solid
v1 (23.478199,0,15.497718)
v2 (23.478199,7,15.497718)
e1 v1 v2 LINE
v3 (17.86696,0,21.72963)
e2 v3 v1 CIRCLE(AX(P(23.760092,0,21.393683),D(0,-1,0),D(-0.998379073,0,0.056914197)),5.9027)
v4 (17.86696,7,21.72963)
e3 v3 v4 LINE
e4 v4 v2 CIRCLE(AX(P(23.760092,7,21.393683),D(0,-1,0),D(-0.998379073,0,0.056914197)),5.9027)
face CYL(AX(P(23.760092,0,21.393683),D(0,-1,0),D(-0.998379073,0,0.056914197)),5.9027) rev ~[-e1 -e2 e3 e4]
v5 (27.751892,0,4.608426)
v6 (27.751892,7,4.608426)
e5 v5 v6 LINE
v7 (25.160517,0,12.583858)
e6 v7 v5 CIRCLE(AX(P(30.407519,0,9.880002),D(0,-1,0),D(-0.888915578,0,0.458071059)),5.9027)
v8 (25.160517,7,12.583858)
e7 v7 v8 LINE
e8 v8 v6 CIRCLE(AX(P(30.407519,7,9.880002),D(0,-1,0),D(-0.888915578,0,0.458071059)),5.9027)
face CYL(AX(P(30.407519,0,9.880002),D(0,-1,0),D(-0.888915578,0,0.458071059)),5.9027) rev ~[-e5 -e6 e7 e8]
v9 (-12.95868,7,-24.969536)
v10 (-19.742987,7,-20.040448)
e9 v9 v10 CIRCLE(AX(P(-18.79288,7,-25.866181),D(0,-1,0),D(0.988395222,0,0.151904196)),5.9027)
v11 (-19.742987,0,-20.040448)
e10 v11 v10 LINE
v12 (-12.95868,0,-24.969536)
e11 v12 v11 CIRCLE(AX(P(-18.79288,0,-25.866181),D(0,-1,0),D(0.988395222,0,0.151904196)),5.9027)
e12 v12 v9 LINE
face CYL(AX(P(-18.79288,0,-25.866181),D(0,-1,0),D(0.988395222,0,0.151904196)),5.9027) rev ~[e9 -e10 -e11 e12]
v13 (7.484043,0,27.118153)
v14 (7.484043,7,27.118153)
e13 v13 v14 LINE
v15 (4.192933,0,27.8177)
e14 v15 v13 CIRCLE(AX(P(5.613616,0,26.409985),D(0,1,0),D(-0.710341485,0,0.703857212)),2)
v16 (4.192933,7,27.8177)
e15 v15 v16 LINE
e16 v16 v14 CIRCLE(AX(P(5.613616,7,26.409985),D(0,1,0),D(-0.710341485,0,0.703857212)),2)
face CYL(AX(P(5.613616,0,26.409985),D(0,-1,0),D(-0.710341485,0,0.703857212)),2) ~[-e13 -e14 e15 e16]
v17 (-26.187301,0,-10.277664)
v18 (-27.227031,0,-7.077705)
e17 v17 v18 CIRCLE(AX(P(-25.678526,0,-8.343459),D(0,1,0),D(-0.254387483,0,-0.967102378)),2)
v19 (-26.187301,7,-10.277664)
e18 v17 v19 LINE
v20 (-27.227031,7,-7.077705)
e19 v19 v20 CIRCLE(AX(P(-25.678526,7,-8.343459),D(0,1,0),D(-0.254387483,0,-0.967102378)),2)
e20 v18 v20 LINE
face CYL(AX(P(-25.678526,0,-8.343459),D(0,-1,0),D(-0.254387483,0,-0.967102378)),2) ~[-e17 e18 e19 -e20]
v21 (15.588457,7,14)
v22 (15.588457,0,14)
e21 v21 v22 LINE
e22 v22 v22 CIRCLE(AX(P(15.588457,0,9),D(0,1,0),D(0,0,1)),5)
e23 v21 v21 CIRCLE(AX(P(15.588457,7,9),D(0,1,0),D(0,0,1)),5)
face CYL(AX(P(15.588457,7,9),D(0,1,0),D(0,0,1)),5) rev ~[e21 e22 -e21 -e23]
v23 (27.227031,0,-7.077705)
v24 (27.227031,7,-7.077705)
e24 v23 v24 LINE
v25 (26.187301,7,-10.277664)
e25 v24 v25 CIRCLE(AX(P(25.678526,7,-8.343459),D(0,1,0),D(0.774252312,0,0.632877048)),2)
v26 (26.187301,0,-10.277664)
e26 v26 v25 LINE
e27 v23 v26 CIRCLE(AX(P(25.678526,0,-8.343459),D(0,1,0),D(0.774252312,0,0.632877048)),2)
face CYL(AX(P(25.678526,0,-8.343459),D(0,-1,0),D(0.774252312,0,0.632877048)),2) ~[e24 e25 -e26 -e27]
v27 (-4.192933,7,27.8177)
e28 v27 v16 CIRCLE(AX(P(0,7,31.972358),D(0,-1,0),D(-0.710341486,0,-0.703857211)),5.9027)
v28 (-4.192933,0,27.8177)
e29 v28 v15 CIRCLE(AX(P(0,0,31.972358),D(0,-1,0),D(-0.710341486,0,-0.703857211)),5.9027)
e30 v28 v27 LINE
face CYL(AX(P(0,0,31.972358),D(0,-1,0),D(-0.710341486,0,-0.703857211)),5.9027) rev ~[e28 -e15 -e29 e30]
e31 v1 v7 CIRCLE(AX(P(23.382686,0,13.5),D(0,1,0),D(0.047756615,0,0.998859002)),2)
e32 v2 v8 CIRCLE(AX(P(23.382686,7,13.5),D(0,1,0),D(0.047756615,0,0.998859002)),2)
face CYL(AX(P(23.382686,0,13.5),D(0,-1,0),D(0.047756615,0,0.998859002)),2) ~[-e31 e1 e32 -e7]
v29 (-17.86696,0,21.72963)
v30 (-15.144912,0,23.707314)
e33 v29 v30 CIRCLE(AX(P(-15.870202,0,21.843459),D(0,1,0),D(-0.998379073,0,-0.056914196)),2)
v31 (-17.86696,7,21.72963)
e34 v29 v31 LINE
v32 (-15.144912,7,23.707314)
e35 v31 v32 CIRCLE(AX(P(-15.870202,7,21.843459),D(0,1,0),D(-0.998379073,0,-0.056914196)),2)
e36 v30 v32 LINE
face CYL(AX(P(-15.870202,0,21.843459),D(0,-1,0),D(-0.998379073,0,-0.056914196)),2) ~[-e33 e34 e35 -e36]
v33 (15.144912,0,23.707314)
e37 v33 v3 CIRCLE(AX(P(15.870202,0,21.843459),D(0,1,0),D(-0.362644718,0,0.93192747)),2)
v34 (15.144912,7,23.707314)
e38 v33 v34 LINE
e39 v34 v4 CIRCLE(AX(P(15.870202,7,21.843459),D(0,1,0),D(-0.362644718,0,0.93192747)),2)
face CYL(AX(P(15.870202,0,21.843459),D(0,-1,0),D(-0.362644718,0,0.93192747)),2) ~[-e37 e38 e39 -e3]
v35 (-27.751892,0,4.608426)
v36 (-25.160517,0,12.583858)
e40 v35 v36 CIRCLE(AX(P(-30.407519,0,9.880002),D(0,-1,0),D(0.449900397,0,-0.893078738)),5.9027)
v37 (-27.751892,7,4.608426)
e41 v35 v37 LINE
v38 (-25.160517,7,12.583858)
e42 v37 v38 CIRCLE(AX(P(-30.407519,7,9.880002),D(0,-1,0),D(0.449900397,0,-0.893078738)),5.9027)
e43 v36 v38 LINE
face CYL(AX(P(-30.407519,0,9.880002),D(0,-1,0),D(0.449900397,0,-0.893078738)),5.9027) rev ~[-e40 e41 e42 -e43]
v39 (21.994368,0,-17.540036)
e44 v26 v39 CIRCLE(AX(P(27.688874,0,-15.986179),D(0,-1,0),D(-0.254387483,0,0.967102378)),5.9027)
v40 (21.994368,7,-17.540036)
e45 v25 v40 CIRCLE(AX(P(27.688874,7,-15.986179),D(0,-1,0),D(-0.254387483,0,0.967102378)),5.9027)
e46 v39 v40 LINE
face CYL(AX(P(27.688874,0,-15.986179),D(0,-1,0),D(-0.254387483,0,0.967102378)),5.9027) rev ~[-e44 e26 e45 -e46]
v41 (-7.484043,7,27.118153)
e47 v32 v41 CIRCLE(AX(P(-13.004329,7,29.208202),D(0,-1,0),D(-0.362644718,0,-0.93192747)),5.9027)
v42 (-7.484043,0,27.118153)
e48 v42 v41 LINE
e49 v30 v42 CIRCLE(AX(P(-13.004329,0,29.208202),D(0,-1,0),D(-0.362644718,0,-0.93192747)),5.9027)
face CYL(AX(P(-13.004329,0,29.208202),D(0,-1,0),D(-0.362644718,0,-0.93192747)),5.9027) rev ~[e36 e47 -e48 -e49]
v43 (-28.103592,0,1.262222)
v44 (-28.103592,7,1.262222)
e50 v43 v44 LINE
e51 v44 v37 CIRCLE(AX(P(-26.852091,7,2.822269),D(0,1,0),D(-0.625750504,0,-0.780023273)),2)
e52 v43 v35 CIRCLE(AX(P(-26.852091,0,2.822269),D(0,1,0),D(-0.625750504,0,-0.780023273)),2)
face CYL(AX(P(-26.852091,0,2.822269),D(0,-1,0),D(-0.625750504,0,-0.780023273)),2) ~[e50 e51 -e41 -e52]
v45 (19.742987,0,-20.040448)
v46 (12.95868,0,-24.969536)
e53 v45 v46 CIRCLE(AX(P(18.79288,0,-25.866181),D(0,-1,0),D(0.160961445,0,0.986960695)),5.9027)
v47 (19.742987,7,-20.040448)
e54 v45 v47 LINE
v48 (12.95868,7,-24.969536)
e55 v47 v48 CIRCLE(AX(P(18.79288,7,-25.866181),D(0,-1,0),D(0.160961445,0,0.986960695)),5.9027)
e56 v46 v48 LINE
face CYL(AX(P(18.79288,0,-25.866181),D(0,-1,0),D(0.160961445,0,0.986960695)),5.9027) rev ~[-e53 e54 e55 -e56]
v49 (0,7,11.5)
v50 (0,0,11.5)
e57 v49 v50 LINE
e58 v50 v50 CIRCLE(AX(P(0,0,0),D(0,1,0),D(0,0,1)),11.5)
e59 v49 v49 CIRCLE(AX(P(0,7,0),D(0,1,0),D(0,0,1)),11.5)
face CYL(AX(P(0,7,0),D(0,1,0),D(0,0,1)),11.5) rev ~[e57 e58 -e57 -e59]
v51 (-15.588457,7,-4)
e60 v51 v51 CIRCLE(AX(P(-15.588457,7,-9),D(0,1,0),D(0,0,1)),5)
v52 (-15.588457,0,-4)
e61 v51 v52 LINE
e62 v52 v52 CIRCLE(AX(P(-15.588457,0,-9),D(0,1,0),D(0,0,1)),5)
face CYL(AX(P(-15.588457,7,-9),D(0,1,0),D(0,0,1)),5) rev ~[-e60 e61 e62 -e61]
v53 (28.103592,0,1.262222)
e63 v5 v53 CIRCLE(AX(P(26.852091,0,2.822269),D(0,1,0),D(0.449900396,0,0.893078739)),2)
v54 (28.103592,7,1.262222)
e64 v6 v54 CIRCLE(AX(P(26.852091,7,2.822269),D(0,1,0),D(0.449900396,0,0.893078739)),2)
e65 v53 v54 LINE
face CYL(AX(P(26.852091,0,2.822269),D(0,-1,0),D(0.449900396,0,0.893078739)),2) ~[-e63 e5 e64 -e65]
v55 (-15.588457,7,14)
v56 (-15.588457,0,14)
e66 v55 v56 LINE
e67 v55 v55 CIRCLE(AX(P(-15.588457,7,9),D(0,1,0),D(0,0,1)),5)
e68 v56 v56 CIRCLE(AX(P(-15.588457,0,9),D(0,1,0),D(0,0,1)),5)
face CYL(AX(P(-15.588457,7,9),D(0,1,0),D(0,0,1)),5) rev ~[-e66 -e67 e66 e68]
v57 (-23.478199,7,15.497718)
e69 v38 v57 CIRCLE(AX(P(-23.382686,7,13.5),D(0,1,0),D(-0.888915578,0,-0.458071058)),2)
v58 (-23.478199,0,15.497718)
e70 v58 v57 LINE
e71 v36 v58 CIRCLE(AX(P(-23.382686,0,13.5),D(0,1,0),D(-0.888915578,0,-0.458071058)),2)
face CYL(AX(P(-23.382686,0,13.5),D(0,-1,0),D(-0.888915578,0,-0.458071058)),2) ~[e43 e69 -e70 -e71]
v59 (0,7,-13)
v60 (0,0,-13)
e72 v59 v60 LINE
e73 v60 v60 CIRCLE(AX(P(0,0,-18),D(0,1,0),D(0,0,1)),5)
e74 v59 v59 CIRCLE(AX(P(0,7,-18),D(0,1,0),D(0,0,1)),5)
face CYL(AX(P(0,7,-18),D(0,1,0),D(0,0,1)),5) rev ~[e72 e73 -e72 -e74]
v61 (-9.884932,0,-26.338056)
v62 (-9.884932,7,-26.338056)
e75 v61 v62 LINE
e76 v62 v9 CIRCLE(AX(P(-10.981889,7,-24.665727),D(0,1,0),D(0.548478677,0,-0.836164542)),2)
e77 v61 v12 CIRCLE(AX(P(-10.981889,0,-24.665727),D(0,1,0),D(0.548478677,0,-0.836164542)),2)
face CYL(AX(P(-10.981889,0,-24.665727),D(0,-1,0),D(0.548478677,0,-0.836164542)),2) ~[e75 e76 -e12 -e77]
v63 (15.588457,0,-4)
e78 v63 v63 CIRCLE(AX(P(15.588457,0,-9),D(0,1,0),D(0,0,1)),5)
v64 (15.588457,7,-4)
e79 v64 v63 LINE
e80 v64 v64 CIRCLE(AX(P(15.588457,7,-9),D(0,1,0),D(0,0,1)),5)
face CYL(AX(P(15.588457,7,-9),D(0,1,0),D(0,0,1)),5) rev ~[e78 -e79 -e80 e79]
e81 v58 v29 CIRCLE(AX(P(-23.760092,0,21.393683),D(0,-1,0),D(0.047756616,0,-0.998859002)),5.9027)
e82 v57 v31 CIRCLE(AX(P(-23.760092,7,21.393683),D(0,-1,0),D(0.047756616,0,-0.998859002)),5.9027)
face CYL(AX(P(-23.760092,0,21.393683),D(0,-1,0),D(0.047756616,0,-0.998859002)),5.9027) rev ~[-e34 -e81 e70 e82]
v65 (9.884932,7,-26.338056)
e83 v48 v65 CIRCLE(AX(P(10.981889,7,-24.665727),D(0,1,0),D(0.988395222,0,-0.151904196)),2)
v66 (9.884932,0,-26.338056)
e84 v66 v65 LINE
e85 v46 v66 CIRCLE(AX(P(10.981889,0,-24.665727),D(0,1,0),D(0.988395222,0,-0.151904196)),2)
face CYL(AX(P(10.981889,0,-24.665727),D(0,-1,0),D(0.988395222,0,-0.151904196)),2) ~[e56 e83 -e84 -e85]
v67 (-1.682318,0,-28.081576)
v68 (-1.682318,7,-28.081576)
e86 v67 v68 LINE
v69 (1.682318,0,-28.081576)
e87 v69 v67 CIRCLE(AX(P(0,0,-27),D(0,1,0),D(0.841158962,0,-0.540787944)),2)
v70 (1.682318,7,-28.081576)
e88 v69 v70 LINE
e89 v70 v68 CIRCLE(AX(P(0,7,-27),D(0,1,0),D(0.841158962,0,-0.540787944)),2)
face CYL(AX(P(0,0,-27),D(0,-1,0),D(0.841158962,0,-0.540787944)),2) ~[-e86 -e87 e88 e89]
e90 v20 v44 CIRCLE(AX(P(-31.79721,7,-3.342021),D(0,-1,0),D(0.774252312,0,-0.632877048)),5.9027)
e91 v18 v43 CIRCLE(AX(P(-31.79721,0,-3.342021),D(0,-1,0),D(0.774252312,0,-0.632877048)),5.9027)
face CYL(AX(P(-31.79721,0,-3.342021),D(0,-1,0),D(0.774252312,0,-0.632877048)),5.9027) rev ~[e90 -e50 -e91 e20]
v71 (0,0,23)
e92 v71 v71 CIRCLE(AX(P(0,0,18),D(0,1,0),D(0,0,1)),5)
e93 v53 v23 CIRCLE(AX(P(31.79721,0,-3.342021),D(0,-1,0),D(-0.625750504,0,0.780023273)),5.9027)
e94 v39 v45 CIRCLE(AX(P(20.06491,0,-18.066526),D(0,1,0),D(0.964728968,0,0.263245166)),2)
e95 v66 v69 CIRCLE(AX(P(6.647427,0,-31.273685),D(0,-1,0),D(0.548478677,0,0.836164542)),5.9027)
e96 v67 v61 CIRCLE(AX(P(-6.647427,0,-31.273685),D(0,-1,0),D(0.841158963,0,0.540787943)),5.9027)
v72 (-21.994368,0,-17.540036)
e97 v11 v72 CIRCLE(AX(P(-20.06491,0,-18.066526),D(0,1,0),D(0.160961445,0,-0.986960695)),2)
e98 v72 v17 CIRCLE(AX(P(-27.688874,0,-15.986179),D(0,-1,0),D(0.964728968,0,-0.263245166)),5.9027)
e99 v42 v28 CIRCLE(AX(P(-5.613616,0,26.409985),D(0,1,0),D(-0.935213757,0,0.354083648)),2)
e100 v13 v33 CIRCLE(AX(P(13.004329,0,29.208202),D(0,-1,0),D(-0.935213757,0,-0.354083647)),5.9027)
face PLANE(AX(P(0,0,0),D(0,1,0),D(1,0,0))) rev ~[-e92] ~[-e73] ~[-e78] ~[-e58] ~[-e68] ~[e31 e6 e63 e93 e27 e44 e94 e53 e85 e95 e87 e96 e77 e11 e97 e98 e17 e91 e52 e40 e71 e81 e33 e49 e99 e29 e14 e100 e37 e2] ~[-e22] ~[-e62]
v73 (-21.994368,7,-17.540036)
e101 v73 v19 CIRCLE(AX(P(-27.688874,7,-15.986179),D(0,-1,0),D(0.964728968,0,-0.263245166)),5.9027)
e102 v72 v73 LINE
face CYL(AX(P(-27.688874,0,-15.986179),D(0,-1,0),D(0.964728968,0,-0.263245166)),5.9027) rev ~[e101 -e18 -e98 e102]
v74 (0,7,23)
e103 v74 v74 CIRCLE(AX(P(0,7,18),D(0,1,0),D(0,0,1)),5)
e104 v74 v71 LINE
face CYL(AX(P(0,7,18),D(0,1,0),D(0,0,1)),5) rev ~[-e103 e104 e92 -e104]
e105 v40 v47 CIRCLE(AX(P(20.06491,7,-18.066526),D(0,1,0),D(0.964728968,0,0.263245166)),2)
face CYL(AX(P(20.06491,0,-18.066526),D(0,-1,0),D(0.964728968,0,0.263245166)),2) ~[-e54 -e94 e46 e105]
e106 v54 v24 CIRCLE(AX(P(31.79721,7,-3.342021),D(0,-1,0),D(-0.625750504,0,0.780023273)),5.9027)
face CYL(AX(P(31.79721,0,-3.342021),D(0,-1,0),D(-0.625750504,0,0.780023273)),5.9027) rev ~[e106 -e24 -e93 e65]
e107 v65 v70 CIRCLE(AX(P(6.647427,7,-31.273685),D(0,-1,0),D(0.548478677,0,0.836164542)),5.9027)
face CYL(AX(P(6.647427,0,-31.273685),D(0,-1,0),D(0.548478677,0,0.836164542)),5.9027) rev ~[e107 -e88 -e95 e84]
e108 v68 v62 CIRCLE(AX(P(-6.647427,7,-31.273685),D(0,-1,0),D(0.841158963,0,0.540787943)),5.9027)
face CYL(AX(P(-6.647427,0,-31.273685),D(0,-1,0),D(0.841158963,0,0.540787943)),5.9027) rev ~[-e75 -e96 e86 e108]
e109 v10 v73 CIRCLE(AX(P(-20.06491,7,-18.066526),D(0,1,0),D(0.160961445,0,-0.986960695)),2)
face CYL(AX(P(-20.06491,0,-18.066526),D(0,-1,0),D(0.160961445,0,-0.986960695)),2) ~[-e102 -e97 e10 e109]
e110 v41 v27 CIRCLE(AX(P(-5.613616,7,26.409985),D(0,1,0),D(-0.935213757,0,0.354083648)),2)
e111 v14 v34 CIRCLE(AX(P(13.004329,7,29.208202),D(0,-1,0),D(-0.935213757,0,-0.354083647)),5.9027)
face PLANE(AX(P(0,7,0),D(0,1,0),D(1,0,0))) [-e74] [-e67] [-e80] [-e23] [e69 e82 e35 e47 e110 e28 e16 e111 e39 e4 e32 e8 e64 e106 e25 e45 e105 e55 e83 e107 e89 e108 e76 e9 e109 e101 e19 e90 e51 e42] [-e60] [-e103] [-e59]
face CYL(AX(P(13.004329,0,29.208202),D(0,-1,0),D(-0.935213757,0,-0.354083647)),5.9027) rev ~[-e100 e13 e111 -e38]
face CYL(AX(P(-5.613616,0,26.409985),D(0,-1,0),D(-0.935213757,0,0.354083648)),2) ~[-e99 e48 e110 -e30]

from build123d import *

# Parameters (mm, degrees)
BOSS_EXTRUDE1_DEPTH = 7
SKETCH2_R           = 5
SKETCH2_R_2         = 11.5
CUT_EXTRUDE1_DEPTH  = 42.502327226


with BuildPart() as part:
    # Sketch1 → Boss-Extrude1 (new body)
    with BuildSketch(Plane(origin=(0, 0, 0), x_dir=(1, 0, 0), z_dir=(0, 1, 0))):
        with BuildLine():
            ThreePointArc((1.682317925, 28.081575887), (0, 29), (-1.682317925, 28.081575887))
            ThreePointArc((-1.682317925, 28.081575887), (-5.420186592, 25.49997304), (-9.884932009, 26.33805644))
            ThreePointArc((-9.884932009, 26.33805644), (-11.795362649, 26.492818272), (-12.958679807, 24.969535749))
            ThreePointArc((-12.958679807, 24.969535749), (-15.323360273, 21.090796041), (-19.742987398, 20.040447761))
            ThreePointArc((-19.742987398, 20.040447761), (-21.551199939, 19.404787584), (-21.994368225, 17.540036039))
            ThreePointArc((-21.994368225, 17.540036039), (-22.576985755, 13.034828803), (-26.187300906, 10.277663603))
            ThreePointArc((-26.187300906, 10.277663603), (-27.580638973, 8.961492837), (-27.227030564, 7.077704752))
            ThreePointArc((-27.227030564, 7.077704752), (-25.926845294, 2.725021248), (-28.103592183, -1.262221962))
            ThreePointArc((-28.103592183, -1.262221962), (-28.841134966, -3.031325435), (-27.751891968, -4.608425985))
            ThreePointArc((-27.751891968, -4.608425985), (-24.793717744, -8.055967238), (-25.160517059, -12.583857883))
            ThreePointArc((-25.160517059, -12.583857883), (-25.11473671, -14.5), (-23.478199133, -15.497718004))
            ThreePointArc((-23.478199133, -15.497718004), (-19.373531152, -17.444005802), (-17.866959959, -21.729630455))
            ThreePointArc((-17.866959959, -21.729630455), (-17.045772316, -23.461492837), (-15.144912376, -23.707313787))
            ThreePointArc((-15.144912376, -23.707313787), (-10.603485021, -23.815817289), (-7.484043166, -27.118152514))
            ThreePointArc((-7.484043166, -27.118152514), (-6.029439034, -28.366280421), (-4.192932681, -27.817699643))
            ThreePointArc((-4.192932681, -27.817699643), (0, -26.069657606), (4.192932681, -27.817699643))
            ThreePointArc((4.192932681, -27.817699643), (6.029439034, -28.366280421), (7.484043166, -27.118152514))
            ThreePointArc((7.484043166, -27.118152514), (10.603485021, -23.815817289), (15.144912376, -23.707313787))
            ThreePointArc((15.144912376, -23.707313787), (17.045772316, -23.461492837), (17.866959959, -21.729630455))
            ThreePointArc((17.866959959, -21.729630455), (19.373531152, -17.444005802), (23.478199133, -15.497718004))
            ThreePointArc((23.478199133, -15.497718004), (25.11473671, -14.5), (25.160517059, -12.583857883))
            ThreePointArc((25.160517059, -12.583857883), (24.793717744, -8.055967238), (27.751891968, -4.608425985))
            ThreePointArc((27.751891968, -4.608425985), (28.841134966, -3.031325435), (28.103592183, -1.262221962))
            ThreePointArc((28.103592183, -1.262221962), (25.926845294, 2.725021248), (27.227030564, 7.077704752))
            ThreePointArc((27.227030564, 7.077704752), (27.580638973, 8.961492837), (26.187300906, 10.277663603))
            ThreePointArc((26.187300906, 10.277663603), (22.576985755, 13.034828803), (21.994368225, 17.540036039))
            ThreePointArc((21.994368225, 17.540036039), (21.551199939, 19.404787584), (19.742987398, 20.040447761))
            ThreePointArc((19.742987398, 20.040447761), (15.323360273, 21.090796041), (12.958679807, 24.969535749))
            ThreePointArc((12.958679807, 24.969535749), (11.795362649, 26.492818272), (9.884932009, 26.33805644))
            ThreePointArc((9.884932009, 26.33805644), (5.420186592, 25.49997304), (1.682317925, 28.081575887))
        make_face()
    extrude(amount=BOSS_EXTRUDE1_DEPTH)

    # Sketch2 → Cut-Extrude1 (cut, through all)
    with BuildSketch(Plane(origin=(0, 7, 0), x_dir=(1, 0, 0), z_dir=(0, 1, 0))):
        with Locations(Location((0, 18, 0), (0, 0, 270))):
            Circle(SKETCH2_R)
        with Locations(Location((0, 0, 0), (0, 0, 270))):
            Circle(SKETCH2_R_2)
        with Locations(Location((-15.588457268, -9, 0), (0, 0, 270))):
            Circle(SKETCH2_R)
        with Locations(Location((0, -18, 0), (0, 0, 270))):
            Circle(SKETCH2_R)
        with Locations(Location((15.588457268, -9, 0), (0, 0, 270))):
            Circle(SKETCH2_R)
        with Locations(Location((15.588457268, 9, 0), (0, 0, 270))):
            Circle(SKETCH2_R)
        with Locations(Location((-15.588457268, 9, 0), (0, 0, 270))):
            Circle(SKETCH2_R)
    extrude(amount=-CUT_EXTRUDE1_DEPTH, mode=Mode.SUBTRACT)


solid = part.part
